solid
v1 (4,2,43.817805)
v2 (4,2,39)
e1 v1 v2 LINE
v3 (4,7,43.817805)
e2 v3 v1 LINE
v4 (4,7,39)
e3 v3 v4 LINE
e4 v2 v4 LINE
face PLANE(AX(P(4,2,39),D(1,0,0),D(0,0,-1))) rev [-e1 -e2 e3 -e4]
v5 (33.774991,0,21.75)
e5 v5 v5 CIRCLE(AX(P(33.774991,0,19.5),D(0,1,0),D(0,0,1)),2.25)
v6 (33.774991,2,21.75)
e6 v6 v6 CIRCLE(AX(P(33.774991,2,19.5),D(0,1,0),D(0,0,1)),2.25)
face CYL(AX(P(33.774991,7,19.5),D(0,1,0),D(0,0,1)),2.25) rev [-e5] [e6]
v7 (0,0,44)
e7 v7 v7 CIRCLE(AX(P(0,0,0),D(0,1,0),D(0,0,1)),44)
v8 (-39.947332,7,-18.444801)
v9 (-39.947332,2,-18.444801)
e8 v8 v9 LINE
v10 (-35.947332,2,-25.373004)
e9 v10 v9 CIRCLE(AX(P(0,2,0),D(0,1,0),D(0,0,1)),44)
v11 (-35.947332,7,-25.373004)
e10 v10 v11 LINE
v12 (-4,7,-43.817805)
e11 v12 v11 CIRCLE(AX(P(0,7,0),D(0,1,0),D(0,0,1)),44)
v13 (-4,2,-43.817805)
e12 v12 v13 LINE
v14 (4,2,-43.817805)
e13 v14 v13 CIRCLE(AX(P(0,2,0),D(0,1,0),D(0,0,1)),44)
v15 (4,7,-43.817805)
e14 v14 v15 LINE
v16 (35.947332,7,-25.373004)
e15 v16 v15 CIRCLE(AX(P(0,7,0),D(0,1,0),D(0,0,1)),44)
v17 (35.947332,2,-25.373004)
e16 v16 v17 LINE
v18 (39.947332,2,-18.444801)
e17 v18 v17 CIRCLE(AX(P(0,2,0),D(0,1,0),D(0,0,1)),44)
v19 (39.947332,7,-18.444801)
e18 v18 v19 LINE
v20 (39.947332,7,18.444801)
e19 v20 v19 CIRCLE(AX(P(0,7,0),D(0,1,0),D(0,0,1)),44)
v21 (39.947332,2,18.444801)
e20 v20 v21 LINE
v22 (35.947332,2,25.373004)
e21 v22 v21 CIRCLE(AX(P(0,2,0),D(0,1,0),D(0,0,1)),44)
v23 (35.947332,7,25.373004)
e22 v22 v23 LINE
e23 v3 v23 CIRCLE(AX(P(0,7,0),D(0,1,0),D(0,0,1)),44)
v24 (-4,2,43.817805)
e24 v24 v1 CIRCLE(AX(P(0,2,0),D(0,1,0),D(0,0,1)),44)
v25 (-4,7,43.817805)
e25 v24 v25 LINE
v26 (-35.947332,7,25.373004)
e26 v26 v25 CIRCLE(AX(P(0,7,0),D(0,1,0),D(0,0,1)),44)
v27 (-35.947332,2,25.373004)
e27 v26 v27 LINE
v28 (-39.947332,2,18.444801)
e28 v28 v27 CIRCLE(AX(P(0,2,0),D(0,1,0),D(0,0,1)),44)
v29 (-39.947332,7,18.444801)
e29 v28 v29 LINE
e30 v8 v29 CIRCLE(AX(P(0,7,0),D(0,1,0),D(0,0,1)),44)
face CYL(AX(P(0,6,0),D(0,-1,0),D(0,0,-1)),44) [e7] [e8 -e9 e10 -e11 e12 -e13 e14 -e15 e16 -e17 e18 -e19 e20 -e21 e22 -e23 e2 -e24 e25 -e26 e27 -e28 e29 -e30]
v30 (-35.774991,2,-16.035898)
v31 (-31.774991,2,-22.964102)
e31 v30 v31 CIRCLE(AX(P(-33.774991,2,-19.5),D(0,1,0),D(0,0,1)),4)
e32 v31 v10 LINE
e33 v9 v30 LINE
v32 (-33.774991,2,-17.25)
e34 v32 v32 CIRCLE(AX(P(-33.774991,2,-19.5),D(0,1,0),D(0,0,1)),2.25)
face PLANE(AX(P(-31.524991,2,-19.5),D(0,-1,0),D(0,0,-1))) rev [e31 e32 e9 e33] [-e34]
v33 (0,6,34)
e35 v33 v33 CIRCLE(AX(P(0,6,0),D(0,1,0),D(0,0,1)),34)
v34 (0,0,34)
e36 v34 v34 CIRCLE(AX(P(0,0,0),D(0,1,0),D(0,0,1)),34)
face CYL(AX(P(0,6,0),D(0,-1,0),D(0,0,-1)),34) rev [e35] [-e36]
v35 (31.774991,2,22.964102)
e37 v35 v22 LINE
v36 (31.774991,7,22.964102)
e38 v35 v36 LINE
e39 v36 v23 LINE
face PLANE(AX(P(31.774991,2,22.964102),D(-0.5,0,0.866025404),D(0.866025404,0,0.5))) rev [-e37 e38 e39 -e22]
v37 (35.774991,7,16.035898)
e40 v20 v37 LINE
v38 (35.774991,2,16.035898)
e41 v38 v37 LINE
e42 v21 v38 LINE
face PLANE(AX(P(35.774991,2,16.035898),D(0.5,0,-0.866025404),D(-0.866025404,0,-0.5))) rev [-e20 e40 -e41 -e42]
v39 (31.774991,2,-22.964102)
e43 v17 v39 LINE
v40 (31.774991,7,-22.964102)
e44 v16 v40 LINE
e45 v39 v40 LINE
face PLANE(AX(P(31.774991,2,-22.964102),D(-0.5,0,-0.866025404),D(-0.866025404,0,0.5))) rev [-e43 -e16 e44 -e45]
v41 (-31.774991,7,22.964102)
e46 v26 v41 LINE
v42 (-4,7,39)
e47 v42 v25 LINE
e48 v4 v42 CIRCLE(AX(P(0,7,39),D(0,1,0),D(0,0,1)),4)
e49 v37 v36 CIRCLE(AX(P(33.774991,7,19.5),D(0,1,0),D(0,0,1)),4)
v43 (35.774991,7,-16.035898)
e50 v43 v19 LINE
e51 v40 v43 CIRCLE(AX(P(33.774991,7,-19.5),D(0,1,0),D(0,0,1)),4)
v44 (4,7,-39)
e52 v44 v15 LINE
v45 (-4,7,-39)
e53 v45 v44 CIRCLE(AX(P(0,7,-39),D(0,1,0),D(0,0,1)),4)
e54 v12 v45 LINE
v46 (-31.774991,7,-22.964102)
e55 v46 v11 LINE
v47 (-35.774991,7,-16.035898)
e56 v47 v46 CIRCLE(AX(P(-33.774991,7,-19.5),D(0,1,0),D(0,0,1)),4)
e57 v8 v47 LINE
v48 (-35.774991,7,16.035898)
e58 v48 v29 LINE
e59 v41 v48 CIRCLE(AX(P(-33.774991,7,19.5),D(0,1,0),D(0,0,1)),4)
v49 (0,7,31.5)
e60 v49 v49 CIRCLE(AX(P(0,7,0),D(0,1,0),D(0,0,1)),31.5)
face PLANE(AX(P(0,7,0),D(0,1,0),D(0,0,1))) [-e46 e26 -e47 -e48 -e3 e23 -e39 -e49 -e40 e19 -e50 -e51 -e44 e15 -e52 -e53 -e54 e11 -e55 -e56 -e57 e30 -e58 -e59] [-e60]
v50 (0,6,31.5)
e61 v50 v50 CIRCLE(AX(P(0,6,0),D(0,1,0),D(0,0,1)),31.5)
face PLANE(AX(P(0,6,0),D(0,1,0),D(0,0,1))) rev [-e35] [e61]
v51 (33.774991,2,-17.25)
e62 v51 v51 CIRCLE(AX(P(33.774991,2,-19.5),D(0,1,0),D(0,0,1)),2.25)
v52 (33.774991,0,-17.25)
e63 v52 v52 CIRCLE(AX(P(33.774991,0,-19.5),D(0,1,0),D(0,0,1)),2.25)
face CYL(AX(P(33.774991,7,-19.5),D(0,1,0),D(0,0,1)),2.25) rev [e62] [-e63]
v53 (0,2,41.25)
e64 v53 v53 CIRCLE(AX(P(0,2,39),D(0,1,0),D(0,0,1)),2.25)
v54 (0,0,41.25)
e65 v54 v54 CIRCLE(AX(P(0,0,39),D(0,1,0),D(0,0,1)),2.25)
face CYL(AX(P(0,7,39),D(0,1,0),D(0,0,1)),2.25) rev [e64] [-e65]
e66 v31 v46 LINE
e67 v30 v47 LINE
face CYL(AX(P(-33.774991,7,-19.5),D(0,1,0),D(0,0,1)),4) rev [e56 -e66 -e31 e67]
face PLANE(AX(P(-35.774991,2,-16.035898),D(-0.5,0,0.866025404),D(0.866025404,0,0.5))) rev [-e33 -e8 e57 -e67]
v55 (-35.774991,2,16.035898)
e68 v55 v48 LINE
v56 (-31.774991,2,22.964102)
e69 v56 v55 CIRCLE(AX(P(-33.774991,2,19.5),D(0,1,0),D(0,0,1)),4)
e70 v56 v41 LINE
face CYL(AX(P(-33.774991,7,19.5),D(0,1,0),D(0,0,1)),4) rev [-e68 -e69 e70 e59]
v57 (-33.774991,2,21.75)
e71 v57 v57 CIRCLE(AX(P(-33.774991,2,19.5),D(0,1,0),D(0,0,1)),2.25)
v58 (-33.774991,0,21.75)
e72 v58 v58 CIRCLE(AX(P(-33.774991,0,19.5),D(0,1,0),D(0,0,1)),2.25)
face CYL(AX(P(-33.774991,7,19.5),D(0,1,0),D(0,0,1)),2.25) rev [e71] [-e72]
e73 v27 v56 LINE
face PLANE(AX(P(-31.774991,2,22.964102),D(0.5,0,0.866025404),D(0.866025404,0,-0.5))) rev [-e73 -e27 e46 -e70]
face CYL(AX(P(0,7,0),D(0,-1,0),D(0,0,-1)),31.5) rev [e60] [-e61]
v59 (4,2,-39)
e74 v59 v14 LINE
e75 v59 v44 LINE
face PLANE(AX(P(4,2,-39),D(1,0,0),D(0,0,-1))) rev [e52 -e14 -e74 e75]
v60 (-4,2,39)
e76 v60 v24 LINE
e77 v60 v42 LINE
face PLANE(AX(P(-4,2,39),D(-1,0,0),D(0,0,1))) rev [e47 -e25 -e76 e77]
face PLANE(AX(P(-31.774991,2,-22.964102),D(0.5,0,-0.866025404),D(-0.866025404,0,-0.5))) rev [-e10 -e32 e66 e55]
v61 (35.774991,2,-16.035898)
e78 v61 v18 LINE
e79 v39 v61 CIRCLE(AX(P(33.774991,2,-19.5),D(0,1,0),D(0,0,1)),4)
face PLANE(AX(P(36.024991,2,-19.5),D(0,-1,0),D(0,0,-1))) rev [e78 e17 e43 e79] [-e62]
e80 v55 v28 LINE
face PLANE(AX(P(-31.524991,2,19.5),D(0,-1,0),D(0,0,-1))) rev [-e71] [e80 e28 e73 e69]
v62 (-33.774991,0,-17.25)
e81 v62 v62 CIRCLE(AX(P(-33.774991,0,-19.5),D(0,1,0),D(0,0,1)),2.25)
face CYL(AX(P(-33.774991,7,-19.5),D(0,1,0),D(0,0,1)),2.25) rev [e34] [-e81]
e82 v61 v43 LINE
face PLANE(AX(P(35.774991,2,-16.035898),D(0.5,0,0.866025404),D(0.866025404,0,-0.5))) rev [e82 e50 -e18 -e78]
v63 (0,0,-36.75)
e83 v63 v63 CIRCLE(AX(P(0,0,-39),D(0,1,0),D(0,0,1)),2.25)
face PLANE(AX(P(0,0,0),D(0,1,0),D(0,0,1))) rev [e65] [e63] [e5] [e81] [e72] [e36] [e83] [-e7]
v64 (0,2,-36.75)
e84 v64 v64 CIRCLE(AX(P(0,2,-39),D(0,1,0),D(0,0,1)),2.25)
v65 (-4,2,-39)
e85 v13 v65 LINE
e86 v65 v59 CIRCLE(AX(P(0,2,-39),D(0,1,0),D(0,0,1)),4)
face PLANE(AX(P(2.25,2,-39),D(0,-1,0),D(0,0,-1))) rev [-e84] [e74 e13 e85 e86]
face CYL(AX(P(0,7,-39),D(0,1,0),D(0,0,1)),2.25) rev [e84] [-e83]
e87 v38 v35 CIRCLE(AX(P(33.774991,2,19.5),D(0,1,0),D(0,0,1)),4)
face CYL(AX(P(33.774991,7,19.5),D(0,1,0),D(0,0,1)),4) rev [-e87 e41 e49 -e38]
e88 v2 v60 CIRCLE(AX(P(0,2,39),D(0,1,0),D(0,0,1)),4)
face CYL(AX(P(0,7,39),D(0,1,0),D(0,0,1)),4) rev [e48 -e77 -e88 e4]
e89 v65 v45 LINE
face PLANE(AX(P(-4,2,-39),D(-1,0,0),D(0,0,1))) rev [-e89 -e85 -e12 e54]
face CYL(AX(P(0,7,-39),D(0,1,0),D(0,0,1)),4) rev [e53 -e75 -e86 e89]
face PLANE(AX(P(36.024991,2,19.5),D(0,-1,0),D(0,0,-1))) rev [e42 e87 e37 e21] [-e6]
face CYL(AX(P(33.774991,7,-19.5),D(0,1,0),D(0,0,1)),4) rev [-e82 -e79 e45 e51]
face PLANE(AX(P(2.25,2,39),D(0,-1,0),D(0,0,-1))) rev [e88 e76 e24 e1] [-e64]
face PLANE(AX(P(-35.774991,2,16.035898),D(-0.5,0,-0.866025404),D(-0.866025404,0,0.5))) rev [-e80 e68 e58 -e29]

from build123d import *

# Parameters (mm, degrees)
SKETCH_1_R                   = 44
SKETCH_1_R_2                 = 34
EXTRUDE_1_DEPTH              = 6
SKETCH_2_R                   = 44
SKETCH_2_R_2                 = 31.5
EXTRUDE_2_DEPTH              = 1
HOLE_WIZARD_M4_1_D           = 4.5
HOLE_WIZARD_M4_1_CBORE_D     = 8
HOLE_WIZARD_M4_1_CBORE_DEPTH = 5
PATTERN_CIRCULAR_1_COUNT     = 6
CUT_EXTRUDE_1_DEPTH          = 5
PATTERN_CIRCULAR_2_COUNT     = 6


with BuildPart() as part:
    # 스케치1 → 보스-돌출1 (new body)
    with BuildSketch(Plane(origin=(0, 0, 0), x_dir=(1, 0, 0), z_dir=(0, 1, 0))):
        Circle(SKETCH_1_R)
        Circle(SKETCH_1_R_2, mode=Mode.SUBTRACT)
    extrude(amount=EXTRUDE_1_DEPTH)

    # 스케치2 → 보스-돌출2 (add)
    with BuildSketch(Plane(origin=(0, 6, 0), x_dir=(1, 0, 0), z_dir=(0, 1, 0))):
        Circle(SKETCH_2_R)
        Circle(SKETCH_2_R_2, mode=Mode.SUBTRACT)
    extrude(amount=EXTRUDE_2_DEPTH)

    # M4 육각 소켓 머리 캡 나사용 카운터보어1 (through all)
    with Locations(Plane(origin=(0, 7, 0), x_dir=(1, 0, 0), z_dir=(0, 1, 0))):
        with Locations((0, 39)):
            hole_wizard_m4_1 = CounterBoreHole(HOLE_WIZARD_M4_1_D / 2, HOLE_WIZARD_M4_1_CBORE_D / 2, HOLE_WIZARD_M4_1_CBORE_DEPTH)

    # 원형 패턴1: M4 육각 소켓 머리 캡 나사용 카운터보어1 ×6 about axis
    pattern_circular_1_axis = Axis((0, 0, 0), (0, 1, 0))
    for i in range(1, PATTERN_CIRCULAR_1_COUNT):
        add(hole_wizard_m4_1.rotate(pattern_circular_1_axis, i * 360 / PATTERN_CIRCULAR_1_COUNT), mode=Mode.SUBTRACT)

    # 스케치7 → 컷-돌출1 (cut, symmetric)
    with BuildSketch(Plane(origin=(0, 7, 0), x_dir=(1, 0, 0), z_dir=(0, 1, 0))):
        with BuildLine():
            Line((-4, 39), (-4, 44))
            Line((-4, 44), (4, 44))
            Line((4, 44), (4, 39))
            ThreePointArc((4, 39), (0, 43), (-4, 39))
        make_face()
    cut_extrude_1 = extrude(amount=CUT_EXTRUDE_1_DEPTH, both=True, mode=Mode.SUBTRACT)

    # 원형 패턴2: 컷-돌출1 ×6 about axis
    pattern_circular_2_axis = Axis((0, 0, 0), (0, 1, 0))
    for i in range(1, PATTERN_CIRCULAR_2_COUNT):
        add(cut_extrude_1.rotate(pattern_circular_2_axis, i * 360 / PATTERN_CIRCULAR_2_COUNT), mode=Mode.SUBTRACT)


solid = part.part
